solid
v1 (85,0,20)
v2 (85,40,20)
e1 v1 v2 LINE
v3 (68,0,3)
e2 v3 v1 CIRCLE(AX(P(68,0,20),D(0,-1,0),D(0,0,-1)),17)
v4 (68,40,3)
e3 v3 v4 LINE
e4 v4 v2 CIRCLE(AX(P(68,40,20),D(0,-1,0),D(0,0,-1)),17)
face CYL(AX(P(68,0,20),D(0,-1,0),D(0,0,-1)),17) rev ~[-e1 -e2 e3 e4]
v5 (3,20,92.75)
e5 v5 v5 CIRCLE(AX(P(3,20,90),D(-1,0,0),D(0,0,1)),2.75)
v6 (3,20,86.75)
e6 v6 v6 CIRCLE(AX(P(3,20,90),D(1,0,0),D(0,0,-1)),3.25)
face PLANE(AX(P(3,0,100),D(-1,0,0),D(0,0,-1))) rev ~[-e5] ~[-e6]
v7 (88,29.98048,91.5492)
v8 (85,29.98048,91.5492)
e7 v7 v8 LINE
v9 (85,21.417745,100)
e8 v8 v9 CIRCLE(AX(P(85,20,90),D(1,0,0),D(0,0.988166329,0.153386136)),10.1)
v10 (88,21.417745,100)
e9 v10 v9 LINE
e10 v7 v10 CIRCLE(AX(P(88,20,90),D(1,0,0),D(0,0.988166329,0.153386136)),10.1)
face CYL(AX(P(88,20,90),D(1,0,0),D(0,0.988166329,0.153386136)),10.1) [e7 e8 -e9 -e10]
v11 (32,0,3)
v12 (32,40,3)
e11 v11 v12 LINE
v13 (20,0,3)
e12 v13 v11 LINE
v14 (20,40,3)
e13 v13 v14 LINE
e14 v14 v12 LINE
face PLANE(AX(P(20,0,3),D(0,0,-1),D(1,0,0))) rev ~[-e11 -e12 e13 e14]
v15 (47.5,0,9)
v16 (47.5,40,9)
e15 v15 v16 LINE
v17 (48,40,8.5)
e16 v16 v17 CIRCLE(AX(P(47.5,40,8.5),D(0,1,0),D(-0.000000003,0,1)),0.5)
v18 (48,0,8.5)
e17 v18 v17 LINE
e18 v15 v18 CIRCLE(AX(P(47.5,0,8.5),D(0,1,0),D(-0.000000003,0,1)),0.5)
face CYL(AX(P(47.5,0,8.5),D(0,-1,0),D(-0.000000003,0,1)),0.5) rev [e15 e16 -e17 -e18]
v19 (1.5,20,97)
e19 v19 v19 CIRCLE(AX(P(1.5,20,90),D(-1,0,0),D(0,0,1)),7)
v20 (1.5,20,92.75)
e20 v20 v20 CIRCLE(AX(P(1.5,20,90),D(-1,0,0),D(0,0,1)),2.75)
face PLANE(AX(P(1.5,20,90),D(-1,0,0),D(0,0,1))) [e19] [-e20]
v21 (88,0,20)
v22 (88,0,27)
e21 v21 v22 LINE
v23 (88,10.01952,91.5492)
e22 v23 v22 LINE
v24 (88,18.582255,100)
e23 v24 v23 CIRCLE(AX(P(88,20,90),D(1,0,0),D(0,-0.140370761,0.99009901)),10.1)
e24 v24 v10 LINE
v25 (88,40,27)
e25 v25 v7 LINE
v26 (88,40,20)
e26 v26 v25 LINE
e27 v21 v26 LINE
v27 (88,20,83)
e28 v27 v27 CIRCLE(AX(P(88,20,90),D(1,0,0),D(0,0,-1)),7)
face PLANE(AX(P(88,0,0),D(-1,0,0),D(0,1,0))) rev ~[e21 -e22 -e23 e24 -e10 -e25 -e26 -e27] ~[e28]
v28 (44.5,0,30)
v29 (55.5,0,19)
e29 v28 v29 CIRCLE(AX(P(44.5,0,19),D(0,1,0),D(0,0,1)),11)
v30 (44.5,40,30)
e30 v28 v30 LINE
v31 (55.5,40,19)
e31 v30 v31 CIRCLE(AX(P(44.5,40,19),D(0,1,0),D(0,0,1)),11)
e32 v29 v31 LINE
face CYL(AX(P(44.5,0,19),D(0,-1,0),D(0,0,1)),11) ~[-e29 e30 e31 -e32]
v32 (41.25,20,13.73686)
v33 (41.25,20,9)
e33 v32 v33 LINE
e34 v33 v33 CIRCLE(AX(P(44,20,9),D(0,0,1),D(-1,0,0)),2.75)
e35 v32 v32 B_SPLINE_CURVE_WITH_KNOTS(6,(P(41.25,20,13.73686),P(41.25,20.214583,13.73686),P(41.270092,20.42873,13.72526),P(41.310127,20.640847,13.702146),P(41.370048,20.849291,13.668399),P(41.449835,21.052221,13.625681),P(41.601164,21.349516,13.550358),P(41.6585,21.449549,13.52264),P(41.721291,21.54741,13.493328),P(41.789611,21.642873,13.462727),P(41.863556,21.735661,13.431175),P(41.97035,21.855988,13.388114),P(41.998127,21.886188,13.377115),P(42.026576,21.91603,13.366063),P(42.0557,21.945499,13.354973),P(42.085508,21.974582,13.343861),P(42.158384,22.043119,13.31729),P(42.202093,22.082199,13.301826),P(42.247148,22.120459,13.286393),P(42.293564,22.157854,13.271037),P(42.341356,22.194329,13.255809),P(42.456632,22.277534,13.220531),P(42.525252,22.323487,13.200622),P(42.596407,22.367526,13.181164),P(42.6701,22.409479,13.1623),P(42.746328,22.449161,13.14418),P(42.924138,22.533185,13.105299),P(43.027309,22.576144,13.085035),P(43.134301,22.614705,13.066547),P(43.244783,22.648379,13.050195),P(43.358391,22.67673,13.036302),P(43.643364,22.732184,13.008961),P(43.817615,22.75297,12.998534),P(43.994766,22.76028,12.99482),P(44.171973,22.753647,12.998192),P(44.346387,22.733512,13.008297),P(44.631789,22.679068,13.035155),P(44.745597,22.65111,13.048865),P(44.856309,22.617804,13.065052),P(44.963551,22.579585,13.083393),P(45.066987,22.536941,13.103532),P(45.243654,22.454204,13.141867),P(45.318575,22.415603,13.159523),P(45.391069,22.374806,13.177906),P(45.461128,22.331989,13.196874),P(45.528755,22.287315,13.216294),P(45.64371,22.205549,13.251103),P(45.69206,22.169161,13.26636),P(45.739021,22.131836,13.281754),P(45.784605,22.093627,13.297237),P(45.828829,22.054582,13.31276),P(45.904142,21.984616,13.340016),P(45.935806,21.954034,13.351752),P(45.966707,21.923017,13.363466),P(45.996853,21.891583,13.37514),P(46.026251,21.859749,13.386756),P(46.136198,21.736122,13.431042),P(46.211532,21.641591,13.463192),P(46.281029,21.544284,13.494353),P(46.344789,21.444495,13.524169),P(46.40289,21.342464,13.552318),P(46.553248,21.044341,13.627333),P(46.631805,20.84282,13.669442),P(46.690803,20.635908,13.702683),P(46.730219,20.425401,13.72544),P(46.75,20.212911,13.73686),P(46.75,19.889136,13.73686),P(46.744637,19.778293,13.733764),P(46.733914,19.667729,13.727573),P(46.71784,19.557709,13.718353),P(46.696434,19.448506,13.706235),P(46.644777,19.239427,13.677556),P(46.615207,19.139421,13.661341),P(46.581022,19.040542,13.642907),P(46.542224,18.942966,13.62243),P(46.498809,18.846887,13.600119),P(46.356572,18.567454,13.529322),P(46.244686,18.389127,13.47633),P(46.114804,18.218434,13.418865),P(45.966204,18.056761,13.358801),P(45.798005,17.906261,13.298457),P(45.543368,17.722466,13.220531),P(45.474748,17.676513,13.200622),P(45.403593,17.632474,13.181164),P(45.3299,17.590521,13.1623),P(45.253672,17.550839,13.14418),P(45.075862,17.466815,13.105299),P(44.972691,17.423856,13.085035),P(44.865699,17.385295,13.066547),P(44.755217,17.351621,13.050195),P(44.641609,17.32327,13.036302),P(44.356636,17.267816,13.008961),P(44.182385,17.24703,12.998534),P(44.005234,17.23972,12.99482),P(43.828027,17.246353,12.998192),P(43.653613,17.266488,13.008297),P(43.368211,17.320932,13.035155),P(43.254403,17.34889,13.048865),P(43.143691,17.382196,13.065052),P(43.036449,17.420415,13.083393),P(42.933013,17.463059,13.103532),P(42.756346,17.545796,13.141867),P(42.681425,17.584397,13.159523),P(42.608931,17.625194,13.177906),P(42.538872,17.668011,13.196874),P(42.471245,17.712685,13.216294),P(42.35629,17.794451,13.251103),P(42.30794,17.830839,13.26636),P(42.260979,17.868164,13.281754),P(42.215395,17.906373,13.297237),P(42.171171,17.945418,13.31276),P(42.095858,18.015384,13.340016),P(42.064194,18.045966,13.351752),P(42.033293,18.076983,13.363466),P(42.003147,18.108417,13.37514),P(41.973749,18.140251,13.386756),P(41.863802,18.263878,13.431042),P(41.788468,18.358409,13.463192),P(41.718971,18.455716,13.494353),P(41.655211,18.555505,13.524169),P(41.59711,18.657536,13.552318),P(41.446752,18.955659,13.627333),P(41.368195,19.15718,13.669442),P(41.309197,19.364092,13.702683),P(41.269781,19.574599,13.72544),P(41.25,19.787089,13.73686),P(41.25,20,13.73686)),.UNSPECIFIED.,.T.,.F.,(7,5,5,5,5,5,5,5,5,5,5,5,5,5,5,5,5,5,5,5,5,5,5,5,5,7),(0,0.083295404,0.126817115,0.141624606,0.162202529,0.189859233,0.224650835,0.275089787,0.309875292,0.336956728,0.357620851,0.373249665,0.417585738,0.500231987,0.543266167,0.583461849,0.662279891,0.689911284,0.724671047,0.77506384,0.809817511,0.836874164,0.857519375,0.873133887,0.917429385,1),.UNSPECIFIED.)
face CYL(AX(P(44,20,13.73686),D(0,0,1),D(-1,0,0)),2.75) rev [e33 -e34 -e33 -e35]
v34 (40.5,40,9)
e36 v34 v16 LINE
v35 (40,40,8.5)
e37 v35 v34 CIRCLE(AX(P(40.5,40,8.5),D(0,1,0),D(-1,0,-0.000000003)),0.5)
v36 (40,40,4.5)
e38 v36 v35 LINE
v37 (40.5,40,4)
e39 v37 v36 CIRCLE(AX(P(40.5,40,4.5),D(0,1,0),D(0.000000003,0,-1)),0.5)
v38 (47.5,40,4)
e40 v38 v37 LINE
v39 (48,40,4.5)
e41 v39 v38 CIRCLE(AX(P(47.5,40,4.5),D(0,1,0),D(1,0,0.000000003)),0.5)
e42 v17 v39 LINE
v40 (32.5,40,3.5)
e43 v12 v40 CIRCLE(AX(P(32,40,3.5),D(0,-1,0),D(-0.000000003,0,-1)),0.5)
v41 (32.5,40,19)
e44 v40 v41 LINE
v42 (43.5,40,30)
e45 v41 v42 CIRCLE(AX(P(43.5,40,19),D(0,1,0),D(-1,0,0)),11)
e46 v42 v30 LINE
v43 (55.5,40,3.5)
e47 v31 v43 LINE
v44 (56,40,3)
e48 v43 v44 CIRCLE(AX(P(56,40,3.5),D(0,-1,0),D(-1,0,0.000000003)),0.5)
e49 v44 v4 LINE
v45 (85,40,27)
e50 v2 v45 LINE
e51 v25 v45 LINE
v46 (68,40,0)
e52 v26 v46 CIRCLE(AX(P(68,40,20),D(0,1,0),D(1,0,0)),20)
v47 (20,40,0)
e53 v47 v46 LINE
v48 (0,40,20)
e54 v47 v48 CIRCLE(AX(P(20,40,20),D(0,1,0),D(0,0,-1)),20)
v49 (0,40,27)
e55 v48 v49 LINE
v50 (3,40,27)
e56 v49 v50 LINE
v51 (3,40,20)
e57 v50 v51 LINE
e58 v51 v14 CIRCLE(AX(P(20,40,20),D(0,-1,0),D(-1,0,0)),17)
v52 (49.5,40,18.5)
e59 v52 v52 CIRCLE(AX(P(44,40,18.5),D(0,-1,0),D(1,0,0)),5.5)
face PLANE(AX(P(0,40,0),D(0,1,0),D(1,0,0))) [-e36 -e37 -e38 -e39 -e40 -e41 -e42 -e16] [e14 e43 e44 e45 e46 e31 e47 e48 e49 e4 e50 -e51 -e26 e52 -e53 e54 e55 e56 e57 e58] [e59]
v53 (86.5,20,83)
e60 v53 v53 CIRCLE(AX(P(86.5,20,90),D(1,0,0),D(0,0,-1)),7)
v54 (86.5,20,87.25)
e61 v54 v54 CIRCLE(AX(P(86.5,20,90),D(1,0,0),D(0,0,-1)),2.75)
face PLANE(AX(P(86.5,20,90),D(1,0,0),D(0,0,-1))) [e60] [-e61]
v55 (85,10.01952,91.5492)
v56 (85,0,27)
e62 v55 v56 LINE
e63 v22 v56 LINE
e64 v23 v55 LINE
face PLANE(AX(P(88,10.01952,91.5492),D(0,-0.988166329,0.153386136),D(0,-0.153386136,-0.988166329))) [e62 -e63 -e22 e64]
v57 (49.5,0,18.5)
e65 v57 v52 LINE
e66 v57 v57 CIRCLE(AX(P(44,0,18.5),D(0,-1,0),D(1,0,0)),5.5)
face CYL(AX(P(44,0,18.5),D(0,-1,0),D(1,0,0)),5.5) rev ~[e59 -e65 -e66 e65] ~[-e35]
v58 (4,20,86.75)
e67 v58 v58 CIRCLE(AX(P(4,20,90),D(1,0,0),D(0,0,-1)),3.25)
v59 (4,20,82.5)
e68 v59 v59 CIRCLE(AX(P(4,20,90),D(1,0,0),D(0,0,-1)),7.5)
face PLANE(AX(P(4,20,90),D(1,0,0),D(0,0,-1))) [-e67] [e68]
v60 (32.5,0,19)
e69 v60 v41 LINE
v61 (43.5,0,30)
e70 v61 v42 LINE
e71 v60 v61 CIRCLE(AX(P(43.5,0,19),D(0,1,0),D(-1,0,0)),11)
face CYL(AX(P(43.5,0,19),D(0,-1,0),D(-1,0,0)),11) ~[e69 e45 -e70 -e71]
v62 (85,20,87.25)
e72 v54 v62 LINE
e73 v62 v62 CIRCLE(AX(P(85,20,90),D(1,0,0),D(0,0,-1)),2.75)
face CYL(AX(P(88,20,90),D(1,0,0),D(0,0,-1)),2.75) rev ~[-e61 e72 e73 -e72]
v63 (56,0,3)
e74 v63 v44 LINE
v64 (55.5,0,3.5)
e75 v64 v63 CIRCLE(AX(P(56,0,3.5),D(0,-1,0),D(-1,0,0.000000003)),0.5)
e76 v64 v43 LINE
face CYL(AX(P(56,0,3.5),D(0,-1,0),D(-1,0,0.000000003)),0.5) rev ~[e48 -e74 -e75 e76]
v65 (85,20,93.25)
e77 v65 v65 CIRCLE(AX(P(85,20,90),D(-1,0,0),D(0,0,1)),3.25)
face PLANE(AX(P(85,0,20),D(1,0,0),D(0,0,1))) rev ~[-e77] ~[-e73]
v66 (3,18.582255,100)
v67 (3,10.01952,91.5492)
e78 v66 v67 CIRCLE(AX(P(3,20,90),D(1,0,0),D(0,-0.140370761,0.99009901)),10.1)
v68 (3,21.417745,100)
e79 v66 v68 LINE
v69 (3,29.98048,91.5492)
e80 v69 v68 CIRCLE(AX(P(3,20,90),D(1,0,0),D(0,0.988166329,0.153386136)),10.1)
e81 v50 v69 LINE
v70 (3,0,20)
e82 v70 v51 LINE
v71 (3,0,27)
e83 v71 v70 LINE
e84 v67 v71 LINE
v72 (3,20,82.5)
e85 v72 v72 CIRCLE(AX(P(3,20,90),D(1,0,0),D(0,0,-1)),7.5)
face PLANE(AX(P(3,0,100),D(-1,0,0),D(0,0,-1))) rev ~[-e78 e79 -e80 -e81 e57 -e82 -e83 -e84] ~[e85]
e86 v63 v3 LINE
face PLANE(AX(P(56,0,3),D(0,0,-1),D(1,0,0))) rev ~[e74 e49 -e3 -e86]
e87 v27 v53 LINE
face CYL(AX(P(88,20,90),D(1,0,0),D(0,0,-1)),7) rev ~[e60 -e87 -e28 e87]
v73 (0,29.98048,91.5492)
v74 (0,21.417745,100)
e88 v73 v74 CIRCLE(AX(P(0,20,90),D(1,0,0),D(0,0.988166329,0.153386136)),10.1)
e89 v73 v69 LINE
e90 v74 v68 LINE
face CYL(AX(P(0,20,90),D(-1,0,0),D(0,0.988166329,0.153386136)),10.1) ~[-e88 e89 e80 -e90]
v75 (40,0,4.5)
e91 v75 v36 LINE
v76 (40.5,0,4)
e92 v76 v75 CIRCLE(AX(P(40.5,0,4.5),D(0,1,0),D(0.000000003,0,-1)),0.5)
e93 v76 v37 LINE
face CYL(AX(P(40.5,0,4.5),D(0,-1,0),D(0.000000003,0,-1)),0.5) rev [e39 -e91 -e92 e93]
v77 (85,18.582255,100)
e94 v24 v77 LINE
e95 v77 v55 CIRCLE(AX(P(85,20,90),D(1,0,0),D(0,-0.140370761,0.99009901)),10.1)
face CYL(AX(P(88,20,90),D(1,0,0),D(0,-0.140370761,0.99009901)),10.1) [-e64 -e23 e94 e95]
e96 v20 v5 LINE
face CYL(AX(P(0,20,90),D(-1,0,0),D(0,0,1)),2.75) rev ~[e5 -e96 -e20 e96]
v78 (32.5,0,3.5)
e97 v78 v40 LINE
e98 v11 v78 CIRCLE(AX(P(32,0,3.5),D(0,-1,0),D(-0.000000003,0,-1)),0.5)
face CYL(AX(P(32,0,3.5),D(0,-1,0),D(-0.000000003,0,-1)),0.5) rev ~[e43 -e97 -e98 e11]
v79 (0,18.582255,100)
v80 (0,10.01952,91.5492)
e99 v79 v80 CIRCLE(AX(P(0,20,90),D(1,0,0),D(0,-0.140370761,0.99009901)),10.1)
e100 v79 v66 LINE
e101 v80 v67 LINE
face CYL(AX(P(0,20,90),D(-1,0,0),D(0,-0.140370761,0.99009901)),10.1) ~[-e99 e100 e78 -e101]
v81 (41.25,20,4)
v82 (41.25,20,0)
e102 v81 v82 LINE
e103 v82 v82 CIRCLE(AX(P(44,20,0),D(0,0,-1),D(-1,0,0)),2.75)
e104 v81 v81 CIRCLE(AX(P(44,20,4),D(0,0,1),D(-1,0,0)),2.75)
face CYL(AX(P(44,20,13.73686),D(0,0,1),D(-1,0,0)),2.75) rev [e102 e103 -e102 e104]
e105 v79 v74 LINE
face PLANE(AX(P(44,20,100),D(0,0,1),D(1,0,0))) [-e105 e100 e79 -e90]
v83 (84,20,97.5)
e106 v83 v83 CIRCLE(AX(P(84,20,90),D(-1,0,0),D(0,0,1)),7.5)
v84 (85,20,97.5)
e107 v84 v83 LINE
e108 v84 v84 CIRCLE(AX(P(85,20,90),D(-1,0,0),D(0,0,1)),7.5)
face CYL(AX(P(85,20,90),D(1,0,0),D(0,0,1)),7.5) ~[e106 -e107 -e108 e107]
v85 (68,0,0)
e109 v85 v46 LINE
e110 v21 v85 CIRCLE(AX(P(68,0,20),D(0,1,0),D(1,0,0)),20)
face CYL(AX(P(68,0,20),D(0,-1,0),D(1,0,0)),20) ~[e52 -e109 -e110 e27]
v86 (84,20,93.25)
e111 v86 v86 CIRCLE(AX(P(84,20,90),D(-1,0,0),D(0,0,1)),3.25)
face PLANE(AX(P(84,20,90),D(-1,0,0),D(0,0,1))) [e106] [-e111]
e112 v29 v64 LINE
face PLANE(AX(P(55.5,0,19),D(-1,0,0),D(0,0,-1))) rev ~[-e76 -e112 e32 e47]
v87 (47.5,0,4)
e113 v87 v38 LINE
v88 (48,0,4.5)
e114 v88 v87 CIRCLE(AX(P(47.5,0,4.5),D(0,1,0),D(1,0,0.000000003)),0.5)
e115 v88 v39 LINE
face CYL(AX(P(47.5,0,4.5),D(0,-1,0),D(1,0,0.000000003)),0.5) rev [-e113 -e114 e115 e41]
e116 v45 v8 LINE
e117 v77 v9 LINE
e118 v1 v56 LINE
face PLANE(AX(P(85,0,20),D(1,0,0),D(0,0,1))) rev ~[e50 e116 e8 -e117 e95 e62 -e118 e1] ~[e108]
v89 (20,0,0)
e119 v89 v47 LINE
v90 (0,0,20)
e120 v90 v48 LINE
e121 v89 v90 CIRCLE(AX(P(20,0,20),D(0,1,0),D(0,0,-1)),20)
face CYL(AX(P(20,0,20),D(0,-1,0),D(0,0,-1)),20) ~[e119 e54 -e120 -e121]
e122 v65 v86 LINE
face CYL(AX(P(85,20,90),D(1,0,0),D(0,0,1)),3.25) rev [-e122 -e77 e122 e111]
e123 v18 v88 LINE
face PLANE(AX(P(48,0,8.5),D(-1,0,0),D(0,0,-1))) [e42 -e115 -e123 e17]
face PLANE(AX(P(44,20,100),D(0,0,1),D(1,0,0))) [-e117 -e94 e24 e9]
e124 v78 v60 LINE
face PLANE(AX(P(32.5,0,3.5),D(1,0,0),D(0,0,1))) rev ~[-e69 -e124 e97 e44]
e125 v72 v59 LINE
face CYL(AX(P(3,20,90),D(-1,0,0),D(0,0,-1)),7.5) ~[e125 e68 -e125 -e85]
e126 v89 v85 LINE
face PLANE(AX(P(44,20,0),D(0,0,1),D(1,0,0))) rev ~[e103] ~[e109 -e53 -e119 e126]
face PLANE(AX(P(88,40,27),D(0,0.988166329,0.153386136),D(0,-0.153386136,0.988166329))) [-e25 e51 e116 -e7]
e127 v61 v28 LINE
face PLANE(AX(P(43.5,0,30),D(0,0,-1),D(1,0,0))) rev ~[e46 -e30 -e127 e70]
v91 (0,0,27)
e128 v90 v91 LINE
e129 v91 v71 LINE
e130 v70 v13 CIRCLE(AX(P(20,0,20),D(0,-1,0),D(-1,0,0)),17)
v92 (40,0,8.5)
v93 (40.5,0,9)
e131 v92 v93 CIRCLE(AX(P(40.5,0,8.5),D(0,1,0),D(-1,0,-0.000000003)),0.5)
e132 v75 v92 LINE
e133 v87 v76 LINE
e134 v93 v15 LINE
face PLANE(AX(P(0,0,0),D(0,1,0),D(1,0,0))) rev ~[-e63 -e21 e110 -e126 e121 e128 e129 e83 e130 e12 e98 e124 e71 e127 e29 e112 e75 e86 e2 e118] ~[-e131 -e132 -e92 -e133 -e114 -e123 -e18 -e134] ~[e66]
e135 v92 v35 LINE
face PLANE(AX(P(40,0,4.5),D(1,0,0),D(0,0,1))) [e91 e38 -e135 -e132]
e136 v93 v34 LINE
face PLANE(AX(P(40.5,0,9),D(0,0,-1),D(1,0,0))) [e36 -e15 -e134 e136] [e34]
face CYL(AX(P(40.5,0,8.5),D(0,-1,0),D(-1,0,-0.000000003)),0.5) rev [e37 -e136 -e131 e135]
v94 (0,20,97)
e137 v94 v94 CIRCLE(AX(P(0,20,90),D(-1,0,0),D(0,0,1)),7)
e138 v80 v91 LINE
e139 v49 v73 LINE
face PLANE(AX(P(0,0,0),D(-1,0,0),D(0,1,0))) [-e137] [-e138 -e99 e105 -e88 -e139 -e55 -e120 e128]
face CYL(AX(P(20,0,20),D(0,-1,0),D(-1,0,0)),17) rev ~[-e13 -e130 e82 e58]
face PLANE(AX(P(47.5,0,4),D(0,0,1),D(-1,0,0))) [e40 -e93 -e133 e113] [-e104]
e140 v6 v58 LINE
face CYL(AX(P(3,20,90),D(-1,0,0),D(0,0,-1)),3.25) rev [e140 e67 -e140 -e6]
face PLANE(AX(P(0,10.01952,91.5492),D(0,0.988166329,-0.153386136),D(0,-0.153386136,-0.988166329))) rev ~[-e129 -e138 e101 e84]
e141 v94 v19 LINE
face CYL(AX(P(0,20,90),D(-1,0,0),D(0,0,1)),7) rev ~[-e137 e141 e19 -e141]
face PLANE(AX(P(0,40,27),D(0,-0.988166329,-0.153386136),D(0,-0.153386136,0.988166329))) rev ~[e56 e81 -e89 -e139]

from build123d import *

# Parameters (mm, degrees)
SKETCH1_W           = 88
SKETCH1_H           = 40
BOSS_EXTRUDE1_DEPTH = 100
SKETCH2_R           = 5.5
CUT_EXTRUDE1_DEPTH  = 40
CUT_EXTRUDE2_START  = -13.73686
SKETCH3_R           = 2.75
CUT_EXTRUDE2_DEPTH  = 13.73686
SKETCH5_R           = 2.75
CUT_EXTRUDE3_DEPTH  = 3
SKETCH6_R           = 2.75
CUT_EXTRUDE4_DEPTH  = 3
SKETCH7_R           = 7.5
SKETCH7_R_2         = 3.25
BOSS_EXTRUDE2_DEPTH = 1
SKETCH8_R           = 7.5
SKETCH8_R_2         = 3.25
BOSS_EXTRUDE3_DEPTH = 1
SKETCH9_R           = 7
CUT_EXTRUDE5_DEPTH  = 1.5
SKETCH10_R          = 7
CUT_EXTRUDE6_DEPTH  = 1.5


with BuildPart() as part:
    # Sketch1 → Boss-Extrude1 (new body)
    with BuildSketch(Plane.XY):
        with Locations((44, 20)):
            Rectangle(SKETCH1_W, SKETCH1_H)
    extrude(amount=BOSS_EXTRUDE1_DEPTH)

    # Sketch2 → Cut-Extrude1 (cut)
    with BuildSketch(Plane.XZ):
        with Locations((44, 18.5)):
            Circle(SKETCH2_R)
        with BuildLine():
            Line((20, 3), (32, 3))
            ThreePointArc((32, 3), (32.353553391, 3.146446609), (32.5, 3.5))
            Line((32.5, 3.5), (32.5, 19))
            ThreePointArc((32.5, 19), (35.721825407, 26.778174593), (43.5, 30))
            Line((43.5, 30), (44.5, 30))
            ThreePointArc((44.5, 30), (52.278174593, 26.778174593), (55.5, 19))
            Line((55.5, 19), (55.5, 3.5))
            ThreePointArc((55.5, 3.5), (55.646446609, 3.146446609), (56, 3))
            Line((56, 3), (68, 3))
            ThreePointArc((68, 3), (80.02081528, 7.97918472), (85, 20))
            Line((85, 20), (85, 100))
            Line((85, 100), (3, 100))
            Line((3, 100), (3, 20))
            ThreePointArc((3, 20), (7.97918472, 7.97918472), (20, 3))
        make_face()
        with BuildLine():
            Line((0, 20), (0, 0))
            Line((0, 0), (20, 0))
            ThreePointArc((20, 0), (5.857864376, 5.857864376), (0, 20))
        make_face()
        with BuildLine():
            Line((68, 0), (88, 0))
            Line((88, 0), (88, 20))
            ThreePointArc((88, 20), (82.142135624, 5.857864376), (68, 0))
        make_face()
        with BuildLine():
            Line((40.5, 9), (47.5, 9))
            ThreePointArc((47.5, 9), (47.853553391, 8.853553391), (48, 8.5))
            Line((48, 8.5), (48, 4.5))
            ThreePointArc((48, 4.5), (47.853553391, 4.146446609), (47.5, 4))
            Line((47.5, 4), (40.5, 4))
            ThreePointArc((40.5, 4), (40.146446609, 4.146446609), (40, 4.5))
            Line((40, 4.5), (40, 8.5))
            ThreePointArc((40, 8.5), (40.146446609, 8.853553391), (40.5, 9))
        make_face()
    extrude(amount=-CUT_EXTRUDE1_DEPTH, mode=Mode.SUBTRACT)

    # Sketch3 → Cut-Extrude2 (cut)
    with BuildSketch(Plane(origin=(0, 0, 0), x_dir=(-1, 0, 0), z_dir=(0, 0, -1)).offset(CUT_EXTRUDE2_START)):
        with Locations((-44, 20)):
            Circle(SKETCH3_R)
    extrude(amount=CUT_EXTRUDE2_DEPTH, mode=Mode.SUBTRACT)

    # Sketch5 → Cut-Extrude3 (cut)
    with BuildSketch(Plane(origin=(88, 0, 0), x_dir=(0, 0, -1), z_dir=(1, 0, 0))):
        with Locations((-90, 20)):
            Circle(SKETCH5_R)
        with BuildLine():
            Line((-27, 0), (-100, 0))
            Line((-100, 0), (-100, 18.582255312))
            ThreePointArc((-100, 18.582255312), (-97.188609996, 12.905362143), (-91.549199975, 10.01952008))
            Line((-91.549199975, 10.01952008), (-27, 0))
        make_face()
        with BuildLine():
            Line((-100, 40), (-27, 40))
            Line((-27, 40), (-91.549199975, 29.98047992))
            ThreePointArc((-91.549199975, 29.98047992), (-97.188609996, 27.094637857), (-100, 21.417744688))
            Line((-100, 21.417744688), (-100, 40))
        make_face()
    extrude(amount=-CUT_EXTRUDE3_DEPTH, mode=Mode.SUBTRACT)

    # Sketch6 → Cut-Extrude4 (cut)
    with BuildSketch(Plane.ZY):
        with Locations((90, 20)):
            Circle(SKETCH6_R)
        with BuildLine():
            Line((100, 0), (100, 18.582255312))
            ThreePointArc((100, 18.582255312), (97.188609996, 12.905362143), (91.549199975, 10.01952008))
            Line((91.549199975, 10.01952008), (27, 0))
            Line((27, 0), (100, 0))
        make_face()
        with BuildLine():
            Line((100, 21.417744688), (100, 40))
            Line((100, 40), (27, 40))
            Line((27, 40), (91.549199975, 29.98047992))
            ThreePointArc((91.549199975, 29.98047992), (97.188609996, 27.094637857), (100, 21.417744688))
        make_face()
    extrude(amount=-CUT_EXTRUDE4_DEPTH, mode=Mode.SUBTRACT)

    # Sketch7 → Boss-Extrude2 (add)
    with BuildSketch(Plane(origin=(3, 0, 0), x_dir=(0, 0, -1), z_dir=(1, 0, 0))):
        with Locations((-90, 20)):
            Circle(SKETCH7_R)
        with Locations((-90, 20)):
            Circle(SKETCH7_R_2, mode=Mode.SUBTRACT)
    extrude(amount=BOSS_EXTRUDE2_DEPTH)

    # Sketch8 → Boss-Extrude3 (add)
    with BuildSketch(Plane.ZY.offset(-85)):
        with Locations((90, 20)):
            Circle(SKETCH8_R)
        with Locations((90, 20)):
            Circle(SKETCH8_R_2, mode=Mode.SUBTRACT)
    extrude(amount=BOSS_EXTRUDE3_DEPTH)

    # Sketch9 → Cut-Extrude5 (cut)
    with BuildSketch(Plane(origin=(88, 0, 0), x_dir=(0, 0, -1), z_dir=(1, 0, 0))):
        with Locations((-90, 20)):
            Circle(SKETCH9_R)
    extrude(amount=-CUT_EXTRUDE5_DEPTH, mode=Mode.SUBTRACT)

    # Sketch10 → Cut-Extrude6 (cut)
    with BuildSketch(Plane.ZY):
        with Locations((90, 20)):
            Circle(SKETCH10_R)
    extrude(amount=-CUT_EXTRUDE6_DEPTH, mode=Mode.SUBTRACT)


solid = part.part
